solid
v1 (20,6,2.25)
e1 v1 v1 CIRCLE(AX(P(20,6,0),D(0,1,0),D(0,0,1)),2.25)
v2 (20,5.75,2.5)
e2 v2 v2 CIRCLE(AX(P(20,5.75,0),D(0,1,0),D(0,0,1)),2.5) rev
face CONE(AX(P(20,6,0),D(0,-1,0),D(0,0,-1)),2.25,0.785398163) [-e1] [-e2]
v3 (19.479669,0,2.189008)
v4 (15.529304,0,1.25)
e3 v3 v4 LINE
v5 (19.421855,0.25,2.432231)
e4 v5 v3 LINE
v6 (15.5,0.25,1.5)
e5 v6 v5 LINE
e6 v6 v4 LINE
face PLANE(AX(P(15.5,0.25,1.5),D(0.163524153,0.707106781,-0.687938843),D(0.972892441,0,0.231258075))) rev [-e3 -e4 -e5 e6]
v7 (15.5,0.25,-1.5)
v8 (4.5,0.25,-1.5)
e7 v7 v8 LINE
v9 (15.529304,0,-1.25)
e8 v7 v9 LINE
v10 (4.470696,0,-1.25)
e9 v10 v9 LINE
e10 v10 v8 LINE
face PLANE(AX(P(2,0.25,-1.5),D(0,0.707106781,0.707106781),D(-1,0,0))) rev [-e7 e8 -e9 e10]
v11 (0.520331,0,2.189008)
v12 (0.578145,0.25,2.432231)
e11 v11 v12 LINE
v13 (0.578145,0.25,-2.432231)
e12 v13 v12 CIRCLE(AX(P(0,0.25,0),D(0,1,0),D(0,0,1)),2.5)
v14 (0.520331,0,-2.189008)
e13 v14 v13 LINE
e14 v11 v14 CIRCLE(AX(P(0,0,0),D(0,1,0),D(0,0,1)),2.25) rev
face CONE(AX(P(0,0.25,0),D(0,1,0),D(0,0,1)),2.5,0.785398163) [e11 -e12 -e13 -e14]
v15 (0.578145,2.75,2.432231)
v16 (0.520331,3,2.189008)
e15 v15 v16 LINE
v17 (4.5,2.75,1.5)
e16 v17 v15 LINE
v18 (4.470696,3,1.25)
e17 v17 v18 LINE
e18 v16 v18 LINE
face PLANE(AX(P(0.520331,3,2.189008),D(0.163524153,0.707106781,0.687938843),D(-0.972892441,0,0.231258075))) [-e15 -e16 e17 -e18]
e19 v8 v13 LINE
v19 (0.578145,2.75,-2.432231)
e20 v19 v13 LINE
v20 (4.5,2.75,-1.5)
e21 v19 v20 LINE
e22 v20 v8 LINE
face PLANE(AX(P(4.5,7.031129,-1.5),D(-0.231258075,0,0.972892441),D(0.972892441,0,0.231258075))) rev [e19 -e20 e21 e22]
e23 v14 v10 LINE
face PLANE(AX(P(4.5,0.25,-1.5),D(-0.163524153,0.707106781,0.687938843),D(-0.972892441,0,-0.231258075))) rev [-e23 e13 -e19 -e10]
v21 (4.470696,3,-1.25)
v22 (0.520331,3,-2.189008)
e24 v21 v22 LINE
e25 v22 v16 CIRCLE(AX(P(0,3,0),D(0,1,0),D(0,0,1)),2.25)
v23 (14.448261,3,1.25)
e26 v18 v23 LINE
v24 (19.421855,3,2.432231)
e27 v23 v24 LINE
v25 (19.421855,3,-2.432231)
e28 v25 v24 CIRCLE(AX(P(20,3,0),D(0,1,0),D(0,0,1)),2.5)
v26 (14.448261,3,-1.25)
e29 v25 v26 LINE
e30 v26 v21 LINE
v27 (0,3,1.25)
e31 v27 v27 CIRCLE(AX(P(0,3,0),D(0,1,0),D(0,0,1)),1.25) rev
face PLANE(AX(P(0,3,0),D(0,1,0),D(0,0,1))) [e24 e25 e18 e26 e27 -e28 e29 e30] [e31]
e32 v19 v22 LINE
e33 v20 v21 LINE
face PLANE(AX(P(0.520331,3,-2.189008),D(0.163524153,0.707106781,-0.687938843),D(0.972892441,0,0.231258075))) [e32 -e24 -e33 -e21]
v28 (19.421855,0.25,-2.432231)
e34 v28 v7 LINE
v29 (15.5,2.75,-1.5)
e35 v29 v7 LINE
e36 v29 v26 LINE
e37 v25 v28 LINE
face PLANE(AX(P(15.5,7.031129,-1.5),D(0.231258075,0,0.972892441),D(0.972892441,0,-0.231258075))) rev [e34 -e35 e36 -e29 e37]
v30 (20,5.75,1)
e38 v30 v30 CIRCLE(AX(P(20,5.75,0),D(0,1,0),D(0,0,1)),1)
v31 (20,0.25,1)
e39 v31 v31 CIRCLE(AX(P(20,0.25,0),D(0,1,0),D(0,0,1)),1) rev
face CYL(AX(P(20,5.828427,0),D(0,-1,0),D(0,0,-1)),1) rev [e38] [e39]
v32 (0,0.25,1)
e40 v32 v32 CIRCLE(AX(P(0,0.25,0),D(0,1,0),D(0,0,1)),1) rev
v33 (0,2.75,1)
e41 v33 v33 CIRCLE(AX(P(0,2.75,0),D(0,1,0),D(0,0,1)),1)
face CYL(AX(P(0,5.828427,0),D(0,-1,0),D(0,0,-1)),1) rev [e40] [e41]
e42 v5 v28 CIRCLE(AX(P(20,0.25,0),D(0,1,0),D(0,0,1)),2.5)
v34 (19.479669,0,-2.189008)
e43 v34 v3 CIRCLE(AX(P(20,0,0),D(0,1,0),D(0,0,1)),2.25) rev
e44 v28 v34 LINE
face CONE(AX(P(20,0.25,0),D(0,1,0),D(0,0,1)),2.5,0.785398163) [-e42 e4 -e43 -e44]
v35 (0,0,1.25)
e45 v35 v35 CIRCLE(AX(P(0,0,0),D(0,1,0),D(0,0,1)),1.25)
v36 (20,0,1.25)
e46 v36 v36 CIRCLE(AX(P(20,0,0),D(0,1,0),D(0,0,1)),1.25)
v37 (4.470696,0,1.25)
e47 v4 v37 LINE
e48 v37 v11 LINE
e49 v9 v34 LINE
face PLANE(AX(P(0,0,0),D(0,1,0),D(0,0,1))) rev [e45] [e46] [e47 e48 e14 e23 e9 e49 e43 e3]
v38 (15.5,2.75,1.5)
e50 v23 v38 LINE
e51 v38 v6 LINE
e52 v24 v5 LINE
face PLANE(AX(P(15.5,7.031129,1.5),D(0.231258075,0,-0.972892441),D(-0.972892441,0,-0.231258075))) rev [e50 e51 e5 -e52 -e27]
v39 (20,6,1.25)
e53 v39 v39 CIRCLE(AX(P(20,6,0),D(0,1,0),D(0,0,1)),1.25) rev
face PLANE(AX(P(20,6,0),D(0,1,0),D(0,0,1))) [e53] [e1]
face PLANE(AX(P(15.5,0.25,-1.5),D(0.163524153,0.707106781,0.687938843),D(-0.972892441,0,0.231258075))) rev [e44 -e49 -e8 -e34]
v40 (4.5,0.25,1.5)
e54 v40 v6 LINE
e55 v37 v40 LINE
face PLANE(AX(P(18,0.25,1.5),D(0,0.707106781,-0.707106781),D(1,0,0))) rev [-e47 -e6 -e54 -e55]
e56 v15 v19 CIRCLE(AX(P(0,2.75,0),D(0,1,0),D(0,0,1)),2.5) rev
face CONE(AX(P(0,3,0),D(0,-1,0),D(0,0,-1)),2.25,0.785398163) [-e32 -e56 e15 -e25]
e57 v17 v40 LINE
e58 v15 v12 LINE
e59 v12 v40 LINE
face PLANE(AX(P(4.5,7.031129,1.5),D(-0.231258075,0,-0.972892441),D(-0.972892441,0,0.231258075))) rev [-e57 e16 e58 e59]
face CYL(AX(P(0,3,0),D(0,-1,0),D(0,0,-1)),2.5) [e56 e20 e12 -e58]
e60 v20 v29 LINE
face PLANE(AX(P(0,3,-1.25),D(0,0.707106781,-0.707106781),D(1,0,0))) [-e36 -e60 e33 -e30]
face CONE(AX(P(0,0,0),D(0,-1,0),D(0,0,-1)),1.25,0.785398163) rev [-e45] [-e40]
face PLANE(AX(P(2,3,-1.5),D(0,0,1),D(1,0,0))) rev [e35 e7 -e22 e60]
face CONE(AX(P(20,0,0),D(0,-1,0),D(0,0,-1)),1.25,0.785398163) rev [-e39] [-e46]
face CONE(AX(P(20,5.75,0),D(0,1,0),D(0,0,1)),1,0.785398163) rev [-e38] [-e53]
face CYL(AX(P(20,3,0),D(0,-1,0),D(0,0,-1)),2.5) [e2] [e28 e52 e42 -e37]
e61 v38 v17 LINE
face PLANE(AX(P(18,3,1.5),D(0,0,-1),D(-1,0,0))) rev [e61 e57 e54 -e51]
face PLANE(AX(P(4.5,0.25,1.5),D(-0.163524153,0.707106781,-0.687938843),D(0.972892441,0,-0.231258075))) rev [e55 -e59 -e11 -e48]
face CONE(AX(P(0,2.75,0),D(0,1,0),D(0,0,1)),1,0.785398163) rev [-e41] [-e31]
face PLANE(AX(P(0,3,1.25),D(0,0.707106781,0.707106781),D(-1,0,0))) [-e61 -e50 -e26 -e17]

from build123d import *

# Parameters (mm, degrees)
EXTRUDE_1_DEPTH     = 3
SKETCH_2_R          = 1
CUT_EXTRUDE_1_DEPTH = 3
EXTRUDE_2_DEPTH     = 3
CHAMFER_1_SIZE      = 0.25
EXTRUDE_START       = 3
SKETCH_4_R          = 2.5
SKETCH_4_R_2        = 1
EXTRUDE_3_DEPTH     = 3
CHAMFER_3_SIZE      = 0.25


with BuildPart() as part:
    # 草图1 → 凸台-拉伸1 (new body)
    with BuildSketch(Plane(origin=(0, 0, 0), x_dir=(1, 0, 0), z_dir=(0, 1, 0))):
        with BuildLine():
            Line((2, 1.5), (18, 1.5))
            ThreePointArc((18, 1.5), (22.5, 0), (18, -1.5))
            Line((18, -1.5), (2, -1.5))
            ThreePointArc((2, -1.5), (-2.5, 0), (2, 1.5))
        make_face()
    extrude(amount=EXTRUDE_1_DEPTH)

    # 草图2 → 切除-拉伸1 (cut)
    with BuildSketch(Plane(origin=(0, 0, 0), x_dir=(1, 0, 0), z_dir=(0, 1, 0))):
        with Locations(Location((0, 0, 0), (0, 0, 270))):
            Circle(SKETCH_2_R)
        with Locations(Location((20, 0, 0), (0, 0, 270))):
            Circle(SKETCH_2_R)
    extrude(amount=CUT_EXTRUDE_1_DEPTH, mode=Mode.SUBTRACT)

    # 草图3 → 凸台-拉伸2 (add)
    with BuildSketch(Plane(origin=(0, 0, 0), x_dir=(1, 0, 0), z_dir=(0, 1, 0))):
        with BuildLine():
            Line((4.5, 1.5), (0.578145188, 2.432231104))
            ThreePointArc((0.578145188, 2.432231104), (1.370755945, 2.090700395), (2, 1.5))
            Line((2, 1.5), (4.5, 1.5))
        make_face()
        with BuildLine():
            Line((4.5, -1.5), (0.578145188, -2.432231104))
            ThreePointArc((0.578145188, -2.432231104), (1.370755945, -2.090700395), (2, -1.5))
            Line((2, -1.5), (4.5, -1.5))
        make_face()
        with BuildLine():
            Line((18, 1.5), (15.5, 1.5))
            Line((15.5, 1.5), (19.421854812, 2.432231104))
            ThreePointArc((19.421854812, 2.432231104), (18.629244055, 2.090700395), (18, 1.5))
        make_face()
        with BuildLine():
            Line((15.5, -1.5), (19.421854812, -2.432231104))
            ThreePointArc((19.421854812, -2.432231104), (18.629244055, -2.090700395), (18, -1.5))
            Line((18, -1.5), (15.5, -1.5))
        make_face()
    extrude(amount=EXTRUDE_2_DEPTH)

    # 倒角1
    chamfer_1_edges = [part.edges().sort_by_distance(p)[0] for p in [
        (0, 0, -1),
        (20, 0, -1),
        (-2.5, 0, 0),
        (2.539072594, 0, -1.966115552),
        (10, 0, 1.5),
        (2.539072594, 0, 1.966115552),
        (22.5, 0, 0),
        (17.460927406, 0, 1.966115552),
        (10, 0, -1.5),
        (17.460927406, 0, -1.966115552),
    ]]
    chamfer(chamfer_1_edges, length=CHAMFER_1_SIZE)

    # 草图4 → 凸台-拉伸3 (add)
    with BuildSketch(Plane(origin=(0, 0, 0), x_dir=(1, 0, 0), z_dir=(0, 1, 0)).offset(EXTRUDE_START)):
        with Locations(Location((20, 0, 0), (0, 0, 103.371151196))):
            Circle(SKETCH_4_R)
        with Locations(Location((20, 0, 0), (0, 0, 270))):
            Circle(SKETCH_4_R_2, mode=Mode.SUBTRACT)
    extrude(amount=EXTRUDE_3_DEPTH)

    # 倒角3
    chamfer_3_edges = [part.edges().sort_by_distance(p)[0] for p in [
        (0, 3, -1),
        (-2.5, 3, 0),
        (2.539072594, 3, -1.966115552),
        (10, 3, 1.5),
        (2.539072594, 3, 1.966115552),
        (10, 3, -1.5),
        (20.578145188, 6, 2.432231104),
        (20, 6, -1),
    ]]
    chamfer(chamfer_3_edges, length=CHAMFER_3_SIZE)


solid = part.part
